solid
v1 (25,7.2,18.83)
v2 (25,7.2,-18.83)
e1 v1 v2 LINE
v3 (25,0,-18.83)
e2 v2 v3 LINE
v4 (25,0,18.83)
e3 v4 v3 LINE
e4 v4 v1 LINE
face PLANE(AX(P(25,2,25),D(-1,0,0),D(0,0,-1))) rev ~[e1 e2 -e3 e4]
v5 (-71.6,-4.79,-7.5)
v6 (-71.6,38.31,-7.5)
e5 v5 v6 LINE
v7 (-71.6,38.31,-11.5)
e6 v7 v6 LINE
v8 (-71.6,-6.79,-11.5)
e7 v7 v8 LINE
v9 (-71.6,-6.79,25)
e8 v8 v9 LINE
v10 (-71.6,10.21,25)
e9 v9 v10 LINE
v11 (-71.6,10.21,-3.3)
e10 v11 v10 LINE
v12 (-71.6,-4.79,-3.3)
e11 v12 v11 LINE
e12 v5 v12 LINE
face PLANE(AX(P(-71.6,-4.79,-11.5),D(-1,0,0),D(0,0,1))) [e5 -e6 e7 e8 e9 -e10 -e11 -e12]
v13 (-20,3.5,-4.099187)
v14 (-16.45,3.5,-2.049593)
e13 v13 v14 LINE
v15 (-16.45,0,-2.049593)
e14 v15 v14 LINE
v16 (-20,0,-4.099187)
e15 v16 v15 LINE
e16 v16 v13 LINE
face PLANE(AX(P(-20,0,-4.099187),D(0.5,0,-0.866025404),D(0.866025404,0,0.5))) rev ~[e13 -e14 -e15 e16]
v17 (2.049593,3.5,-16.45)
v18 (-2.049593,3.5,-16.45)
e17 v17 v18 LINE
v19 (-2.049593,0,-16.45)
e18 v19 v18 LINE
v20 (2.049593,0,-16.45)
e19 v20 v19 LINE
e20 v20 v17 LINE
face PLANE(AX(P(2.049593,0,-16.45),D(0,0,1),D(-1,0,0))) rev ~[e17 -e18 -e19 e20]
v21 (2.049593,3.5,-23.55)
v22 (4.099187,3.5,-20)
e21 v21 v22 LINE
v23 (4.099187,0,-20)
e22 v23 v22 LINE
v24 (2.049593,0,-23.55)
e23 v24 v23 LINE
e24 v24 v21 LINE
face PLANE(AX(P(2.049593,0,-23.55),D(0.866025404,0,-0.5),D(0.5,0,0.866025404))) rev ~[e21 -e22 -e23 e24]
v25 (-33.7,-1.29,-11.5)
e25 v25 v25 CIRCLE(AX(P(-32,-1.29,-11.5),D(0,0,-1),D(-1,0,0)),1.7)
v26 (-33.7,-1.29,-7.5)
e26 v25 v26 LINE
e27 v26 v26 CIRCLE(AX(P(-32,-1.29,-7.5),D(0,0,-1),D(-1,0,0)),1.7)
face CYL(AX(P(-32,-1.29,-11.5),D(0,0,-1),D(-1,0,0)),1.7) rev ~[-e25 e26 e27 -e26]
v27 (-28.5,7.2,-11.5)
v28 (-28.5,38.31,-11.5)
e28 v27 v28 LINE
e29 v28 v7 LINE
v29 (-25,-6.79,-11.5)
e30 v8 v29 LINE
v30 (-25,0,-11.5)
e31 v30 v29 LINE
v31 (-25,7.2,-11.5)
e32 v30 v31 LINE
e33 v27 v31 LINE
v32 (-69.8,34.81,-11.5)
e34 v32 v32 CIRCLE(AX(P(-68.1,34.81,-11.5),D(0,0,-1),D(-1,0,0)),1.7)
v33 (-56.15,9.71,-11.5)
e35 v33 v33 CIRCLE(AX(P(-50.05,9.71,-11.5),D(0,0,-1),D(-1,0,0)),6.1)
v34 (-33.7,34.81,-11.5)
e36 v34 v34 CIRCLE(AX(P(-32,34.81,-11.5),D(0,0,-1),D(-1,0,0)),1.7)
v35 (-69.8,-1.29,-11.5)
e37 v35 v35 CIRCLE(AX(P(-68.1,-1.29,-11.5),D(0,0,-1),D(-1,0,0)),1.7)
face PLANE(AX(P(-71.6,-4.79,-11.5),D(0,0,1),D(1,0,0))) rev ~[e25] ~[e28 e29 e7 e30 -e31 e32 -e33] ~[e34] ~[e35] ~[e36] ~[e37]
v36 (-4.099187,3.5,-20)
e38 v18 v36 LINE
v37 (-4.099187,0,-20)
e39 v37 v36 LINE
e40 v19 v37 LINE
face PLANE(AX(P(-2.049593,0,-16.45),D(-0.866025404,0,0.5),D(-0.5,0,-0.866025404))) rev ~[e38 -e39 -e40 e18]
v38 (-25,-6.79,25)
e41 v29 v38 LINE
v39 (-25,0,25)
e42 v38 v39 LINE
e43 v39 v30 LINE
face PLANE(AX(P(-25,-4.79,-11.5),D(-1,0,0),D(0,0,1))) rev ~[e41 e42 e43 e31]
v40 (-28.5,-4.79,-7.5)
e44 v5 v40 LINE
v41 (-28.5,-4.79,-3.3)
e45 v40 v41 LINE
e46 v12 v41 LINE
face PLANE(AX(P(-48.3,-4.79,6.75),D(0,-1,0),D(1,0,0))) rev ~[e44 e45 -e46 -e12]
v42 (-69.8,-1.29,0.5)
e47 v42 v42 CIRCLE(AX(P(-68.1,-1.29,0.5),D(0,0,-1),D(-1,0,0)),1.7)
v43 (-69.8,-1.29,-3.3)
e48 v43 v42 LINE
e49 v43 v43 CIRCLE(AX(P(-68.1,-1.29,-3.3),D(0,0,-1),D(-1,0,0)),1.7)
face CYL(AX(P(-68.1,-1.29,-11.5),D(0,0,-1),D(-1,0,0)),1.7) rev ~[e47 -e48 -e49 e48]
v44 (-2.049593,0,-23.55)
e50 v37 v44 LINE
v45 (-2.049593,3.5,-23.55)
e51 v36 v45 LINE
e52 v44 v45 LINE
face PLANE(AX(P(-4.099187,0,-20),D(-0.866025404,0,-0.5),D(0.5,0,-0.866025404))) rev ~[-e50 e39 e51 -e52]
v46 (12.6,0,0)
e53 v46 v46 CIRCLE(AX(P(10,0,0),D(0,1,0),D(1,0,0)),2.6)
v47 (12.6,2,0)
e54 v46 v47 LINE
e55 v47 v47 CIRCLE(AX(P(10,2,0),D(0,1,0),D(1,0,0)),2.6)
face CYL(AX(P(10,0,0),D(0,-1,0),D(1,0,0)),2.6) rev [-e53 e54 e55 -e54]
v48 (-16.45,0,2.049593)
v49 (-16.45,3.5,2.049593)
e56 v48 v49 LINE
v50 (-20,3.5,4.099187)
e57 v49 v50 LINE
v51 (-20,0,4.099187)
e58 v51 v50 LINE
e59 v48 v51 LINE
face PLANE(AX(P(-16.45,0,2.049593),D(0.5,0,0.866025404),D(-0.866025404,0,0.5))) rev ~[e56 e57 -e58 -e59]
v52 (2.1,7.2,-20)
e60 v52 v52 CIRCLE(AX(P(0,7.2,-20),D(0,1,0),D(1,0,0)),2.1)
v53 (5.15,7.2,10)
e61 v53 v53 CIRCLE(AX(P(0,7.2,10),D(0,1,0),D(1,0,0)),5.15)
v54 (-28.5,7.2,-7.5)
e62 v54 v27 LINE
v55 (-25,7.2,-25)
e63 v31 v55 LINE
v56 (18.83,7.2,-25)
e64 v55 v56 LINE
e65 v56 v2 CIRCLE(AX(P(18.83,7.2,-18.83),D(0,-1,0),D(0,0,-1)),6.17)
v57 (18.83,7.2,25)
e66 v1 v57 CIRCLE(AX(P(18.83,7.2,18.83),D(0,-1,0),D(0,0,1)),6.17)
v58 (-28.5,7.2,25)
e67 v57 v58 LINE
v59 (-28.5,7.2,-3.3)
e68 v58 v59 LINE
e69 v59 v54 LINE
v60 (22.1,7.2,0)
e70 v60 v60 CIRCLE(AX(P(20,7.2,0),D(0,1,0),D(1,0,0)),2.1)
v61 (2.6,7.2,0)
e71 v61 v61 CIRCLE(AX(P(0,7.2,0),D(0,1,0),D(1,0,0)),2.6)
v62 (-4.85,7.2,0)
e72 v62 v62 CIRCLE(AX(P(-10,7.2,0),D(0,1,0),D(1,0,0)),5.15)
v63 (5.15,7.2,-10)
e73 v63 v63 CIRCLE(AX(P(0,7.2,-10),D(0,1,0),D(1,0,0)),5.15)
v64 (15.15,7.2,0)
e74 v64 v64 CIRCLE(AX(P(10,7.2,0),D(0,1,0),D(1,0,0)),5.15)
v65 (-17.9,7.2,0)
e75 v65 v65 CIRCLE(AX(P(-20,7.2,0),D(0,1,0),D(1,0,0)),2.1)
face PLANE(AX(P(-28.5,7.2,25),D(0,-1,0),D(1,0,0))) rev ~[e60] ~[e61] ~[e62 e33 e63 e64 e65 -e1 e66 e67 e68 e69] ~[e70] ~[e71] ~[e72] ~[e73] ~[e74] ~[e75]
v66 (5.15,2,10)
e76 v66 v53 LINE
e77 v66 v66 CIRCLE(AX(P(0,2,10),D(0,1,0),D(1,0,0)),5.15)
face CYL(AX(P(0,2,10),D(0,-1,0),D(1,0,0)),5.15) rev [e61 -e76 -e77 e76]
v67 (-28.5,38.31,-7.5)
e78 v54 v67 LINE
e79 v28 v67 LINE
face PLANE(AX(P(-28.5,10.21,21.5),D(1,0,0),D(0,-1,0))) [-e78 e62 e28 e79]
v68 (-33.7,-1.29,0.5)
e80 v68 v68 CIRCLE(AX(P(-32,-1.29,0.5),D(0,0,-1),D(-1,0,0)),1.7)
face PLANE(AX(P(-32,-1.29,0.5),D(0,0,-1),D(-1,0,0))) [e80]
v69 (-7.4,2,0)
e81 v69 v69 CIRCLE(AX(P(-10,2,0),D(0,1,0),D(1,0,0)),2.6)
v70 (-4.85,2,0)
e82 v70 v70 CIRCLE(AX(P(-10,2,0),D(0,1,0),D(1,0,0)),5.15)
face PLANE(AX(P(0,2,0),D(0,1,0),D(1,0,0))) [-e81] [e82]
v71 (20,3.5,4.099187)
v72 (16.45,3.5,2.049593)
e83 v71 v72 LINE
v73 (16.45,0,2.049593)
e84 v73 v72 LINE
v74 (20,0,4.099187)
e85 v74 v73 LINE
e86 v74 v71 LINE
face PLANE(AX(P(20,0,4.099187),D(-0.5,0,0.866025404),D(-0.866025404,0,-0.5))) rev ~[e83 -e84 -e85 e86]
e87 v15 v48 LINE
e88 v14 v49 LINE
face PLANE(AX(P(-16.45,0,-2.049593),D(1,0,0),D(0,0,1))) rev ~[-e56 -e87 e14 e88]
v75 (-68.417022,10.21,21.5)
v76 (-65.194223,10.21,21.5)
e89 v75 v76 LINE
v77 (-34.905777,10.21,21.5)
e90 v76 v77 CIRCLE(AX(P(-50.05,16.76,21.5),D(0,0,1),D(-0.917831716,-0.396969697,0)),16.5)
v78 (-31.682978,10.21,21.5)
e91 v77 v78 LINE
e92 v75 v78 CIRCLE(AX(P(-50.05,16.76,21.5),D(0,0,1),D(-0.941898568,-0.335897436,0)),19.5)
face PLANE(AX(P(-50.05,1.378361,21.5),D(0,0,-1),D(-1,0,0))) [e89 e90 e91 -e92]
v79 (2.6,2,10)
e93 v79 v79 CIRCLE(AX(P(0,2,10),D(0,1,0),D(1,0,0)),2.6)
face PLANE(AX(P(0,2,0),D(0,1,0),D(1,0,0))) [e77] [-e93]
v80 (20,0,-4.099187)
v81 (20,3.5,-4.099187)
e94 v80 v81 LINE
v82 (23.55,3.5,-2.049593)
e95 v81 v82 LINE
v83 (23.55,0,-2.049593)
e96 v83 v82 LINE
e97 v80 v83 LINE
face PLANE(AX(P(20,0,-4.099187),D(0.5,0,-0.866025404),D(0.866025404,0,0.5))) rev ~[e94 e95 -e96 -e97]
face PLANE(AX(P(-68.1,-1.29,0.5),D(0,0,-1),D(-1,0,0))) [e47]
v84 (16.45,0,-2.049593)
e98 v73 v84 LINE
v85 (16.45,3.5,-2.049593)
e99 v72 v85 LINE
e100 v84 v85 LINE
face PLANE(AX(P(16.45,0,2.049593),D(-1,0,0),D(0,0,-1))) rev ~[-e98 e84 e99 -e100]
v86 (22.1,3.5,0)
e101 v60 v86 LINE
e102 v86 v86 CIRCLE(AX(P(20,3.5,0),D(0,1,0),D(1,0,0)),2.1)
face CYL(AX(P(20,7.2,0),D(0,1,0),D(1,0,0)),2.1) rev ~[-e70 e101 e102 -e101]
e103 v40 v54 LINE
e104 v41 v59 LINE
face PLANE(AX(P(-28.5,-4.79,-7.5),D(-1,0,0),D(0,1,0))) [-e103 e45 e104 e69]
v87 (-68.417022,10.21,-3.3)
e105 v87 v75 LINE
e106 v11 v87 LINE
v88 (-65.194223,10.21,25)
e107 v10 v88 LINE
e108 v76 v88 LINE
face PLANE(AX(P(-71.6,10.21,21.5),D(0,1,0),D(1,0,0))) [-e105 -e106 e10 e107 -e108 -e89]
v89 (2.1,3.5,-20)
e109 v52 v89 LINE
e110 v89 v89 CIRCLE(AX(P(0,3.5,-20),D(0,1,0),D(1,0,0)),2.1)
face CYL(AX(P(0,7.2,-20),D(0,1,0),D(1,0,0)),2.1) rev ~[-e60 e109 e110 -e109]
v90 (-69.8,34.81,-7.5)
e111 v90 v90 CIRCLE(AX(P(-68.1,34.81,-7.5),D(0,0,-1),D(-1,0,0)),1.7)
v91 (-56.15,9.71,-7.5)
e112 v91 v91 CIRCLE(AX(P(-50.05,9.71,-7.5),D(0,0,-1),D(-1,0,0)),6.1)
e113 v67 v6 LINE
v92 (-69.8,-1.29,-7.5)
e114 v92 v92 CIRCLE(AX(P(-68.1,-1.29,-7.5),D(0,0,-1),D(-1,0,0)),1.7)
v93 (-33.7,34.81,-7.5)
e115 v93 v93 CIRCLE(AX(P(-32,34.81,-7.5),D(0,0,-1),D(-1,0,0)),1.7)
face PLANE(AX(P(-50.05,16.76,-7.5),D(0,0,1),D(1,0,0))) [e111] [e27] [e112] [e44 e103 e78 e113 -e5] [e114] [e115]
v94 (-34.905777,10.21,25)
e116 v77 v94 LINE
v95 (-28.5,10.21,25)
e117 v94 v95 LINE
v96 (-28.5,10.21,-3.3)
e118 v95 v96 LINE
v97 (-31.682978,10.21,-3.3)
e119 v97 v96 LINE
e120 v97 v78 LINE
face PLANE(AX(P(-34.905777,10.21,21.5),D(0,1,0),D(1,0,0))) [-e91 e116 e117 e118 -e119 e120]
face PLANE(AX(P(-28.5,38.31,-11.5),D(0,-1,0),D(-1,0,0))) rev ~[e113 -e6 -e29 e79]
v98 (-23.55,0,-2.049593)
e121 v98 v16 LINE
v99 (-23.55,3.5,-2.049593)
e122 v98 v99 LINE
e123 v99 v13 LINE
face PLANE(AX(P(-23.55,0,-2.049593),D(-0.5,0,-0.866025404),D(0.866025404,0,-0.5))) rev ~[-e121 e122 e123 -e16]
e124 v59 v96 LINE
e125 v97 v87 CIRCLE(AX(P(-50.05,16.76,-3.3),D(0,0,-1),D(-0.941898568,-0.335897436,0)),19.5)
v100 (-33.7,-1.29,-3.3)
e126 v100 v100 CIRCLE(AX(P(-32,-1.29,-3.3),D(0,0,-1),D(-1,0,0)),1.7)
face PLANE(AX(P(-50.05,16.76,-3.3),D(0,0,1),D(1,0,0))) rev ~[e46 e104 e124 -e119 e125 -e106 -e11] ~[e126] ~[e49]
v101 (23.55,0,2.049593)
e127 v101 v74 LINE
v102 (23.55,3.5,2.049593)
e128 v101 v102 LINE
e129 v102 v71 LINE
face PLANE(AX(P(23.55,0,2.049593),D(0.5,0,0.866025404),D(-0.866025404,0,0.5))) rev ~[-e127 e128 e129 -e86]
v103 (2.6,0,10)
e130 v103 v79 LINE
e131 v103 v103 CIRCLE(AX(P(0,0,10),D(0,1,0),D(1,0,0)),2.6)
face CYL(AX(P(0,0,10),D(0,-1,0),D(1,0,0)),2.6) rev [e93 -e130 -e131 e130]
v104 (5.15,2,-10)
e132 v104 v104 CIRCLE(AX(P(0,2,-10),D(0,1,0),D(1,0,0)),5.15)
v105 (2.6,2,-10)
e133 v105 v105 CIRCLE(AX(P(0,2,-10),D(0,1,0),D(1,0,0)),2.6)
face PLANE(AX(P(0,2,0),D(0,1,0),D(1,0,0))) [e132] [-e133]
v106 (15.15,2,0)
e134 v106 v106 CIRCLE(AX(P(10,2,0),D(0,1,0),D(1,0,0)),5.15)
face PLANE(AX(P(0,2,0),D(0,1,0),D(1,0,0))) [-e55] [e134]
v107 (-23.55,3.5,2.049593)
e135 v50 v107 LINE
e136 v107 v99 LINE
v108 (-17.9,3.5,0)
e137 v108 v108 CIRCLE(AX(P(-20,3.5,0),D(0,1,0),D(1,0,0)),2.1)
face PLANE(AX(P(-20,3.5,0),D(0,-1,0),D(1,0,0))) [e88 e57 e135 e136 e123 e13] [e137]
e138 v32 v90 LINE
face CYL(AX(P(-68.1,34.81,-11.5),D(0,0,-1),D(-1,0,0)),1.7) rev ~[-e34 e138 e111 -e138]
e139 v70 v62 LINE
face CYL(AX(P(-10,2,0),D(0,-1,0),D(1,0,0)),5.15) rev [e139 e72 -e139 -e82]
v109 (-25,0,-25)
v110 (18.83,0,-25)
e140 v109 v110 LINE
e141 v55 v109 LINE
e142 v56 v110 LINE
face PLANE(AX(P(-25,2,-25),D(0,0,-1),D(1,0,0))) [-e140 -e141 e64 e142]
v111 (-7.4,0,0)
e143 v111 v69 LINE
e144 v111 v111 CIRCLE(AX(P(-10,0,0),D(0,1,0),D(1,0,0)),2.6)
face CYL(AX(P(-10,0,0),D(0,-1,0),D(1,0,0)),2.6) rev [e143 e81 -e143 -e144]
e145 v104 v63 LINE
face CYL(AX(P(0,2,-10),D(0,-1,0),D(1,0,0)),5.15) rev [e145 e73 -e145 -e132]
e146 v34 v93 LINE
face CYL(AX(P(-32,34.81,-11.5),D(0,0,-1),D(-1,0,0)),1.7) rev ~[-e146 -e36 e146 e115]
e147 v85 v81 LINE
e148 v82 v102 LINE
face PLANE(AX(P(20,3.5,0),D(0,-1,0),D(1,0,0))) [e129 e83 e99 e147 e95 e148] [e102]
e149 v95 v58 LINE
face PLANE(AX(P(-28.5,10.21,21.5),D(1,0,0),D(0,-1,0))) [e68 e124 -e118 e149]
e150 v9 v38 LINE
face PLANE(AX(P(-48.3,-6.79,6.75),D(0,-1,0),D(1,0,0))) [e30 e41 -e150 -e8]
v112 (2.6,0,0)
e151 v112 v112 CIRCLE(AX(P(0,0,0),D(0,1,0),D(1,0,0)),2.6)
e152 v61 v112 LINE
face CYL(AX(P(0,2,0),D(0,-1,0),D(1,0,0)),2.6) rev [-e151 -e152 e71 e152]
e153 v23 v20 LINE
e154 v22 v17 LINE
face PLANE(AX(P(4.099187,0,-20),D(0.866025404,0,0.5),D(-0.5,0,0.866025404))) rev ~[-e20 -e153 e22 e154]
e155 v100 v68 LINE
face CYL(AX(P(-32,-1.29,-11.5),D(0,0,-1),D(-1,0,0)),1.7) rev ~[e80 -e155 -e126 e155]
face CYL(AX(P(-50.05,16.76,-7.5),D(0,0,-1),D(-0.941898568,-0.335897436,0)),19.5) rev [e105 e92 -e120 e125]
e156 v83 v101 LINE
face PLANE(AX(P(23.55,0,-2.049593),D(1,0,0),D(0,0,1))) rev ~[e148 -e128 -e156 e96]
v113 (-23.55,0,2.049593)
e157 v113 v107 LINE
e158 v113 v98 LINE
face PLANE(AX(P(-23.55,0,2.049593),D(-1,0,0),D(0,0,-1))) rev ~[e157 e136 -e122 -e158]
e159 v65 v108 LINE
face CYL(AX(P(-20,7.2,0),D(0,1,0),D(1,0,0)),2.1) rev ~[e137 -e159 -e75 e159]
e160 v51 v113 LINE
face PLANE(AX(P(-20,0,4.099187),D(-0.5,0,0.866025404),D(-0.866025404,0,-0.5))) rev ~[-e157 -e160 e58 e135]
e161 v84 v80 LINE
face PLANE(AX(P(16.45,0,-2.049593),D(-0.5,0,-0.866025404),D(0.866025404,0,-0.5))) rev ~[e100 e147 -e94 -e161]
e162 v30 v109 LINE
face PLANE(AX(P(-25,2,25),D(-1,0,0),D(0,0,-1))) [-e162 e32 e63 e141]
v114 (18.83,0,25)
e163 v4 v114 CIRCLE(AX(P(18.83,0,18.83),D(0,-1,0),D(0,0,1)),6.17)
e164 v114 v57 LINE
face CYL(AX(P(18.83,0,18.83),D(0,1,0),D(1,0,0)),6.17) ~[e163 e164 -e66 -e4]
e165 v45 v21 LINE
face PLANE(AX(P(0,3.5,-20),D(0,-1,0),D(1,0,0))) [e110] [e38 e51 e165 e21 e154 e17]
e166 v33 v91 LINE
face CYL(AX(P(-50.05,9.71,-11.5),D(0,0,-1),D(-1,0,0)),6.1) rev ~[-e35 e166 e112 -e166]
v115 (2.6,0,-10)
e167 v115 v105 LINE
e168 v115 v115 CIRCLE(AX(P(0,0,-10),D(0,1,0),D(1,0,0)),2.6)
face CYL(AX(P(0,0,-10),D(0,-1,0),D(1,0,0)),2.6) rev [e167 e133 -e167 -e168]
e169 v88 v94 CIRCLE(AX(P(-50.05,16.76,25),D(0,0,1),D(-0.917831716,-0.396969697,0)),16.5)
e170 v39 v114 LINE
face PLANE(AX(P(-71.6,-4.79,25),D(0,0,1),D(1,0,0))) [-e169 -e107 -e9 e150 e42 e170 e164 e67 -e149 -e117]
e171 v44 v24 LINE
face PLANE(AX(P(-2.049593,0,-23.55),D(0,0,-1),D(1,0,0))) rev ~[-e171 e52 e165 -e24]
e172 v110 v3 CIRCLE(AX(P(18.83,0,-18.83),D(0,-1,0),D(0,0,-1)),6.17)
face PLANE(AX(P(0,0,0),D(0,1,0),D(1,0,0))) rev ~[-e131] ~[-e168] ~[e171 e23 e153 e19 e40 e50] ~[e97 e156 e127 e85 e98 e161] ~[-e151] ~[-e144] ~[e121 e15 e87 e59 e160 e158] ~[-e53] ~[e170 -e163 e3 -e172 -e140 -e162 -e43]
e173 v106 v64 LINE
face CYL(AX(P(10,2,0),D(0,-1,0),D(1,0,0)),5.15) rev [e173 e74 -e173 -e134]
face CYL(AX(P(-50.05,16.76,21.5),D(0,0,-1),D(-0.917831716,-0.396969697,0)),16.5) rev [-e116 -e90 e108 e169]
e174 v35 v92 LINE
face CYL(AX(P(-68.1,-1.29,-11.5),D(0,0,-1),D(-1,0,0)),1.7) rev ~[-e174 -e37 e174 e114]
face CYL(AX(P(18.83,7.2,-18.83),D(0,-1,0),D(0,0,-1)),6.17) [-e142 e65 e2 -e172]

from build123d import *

# Parameters (mm, degrees)
SKETCH_2_W          = 50
SKETCH_2_H          = 50
SKETCH_2_R          = 2.6
EXTRUDE_1_DEPTH     = 2
SKETCH_3_W          = 50
SKETCH_3_H          = 50
SKETCH_3_R          = 5.15
SKETCH_3_R_2        = 2.6
EXTRUDE_2_DEPTH     = 5.2
SKETCH_4_R          = 2.1
CUT_EXTRUDE_1_DEPTH = 10
CUT_EXTRUDE_2_DEPTH = 3.5
FILLET_1_R          = 6.17
FILLET_2_R          = 6.17
SKETCH_7_W          = 43.1
SKETCH_7_H          = 43.1
SKETCH_7_R          = 6.1
SKETCH_7_R_2        = 1.7
EXTRUDE_3_DEPTH     = 4
EXTRUDE_4_DEPTH     = 29
EXTRUDE_5_DEPTH     = 3.5
SKETCH_10_W         = 3.5
SKETCH_10_H         = 11.99
EXTRUDE_6_DEPTH     = 36.5
SKETCH_11_W         = 43.1
SKETCH_11_H         = 43.1
CUT_EXTRUDE_3_DEPTH = 4.2
SKETCH_12_W         = 46.6
SKETCH_12_H         = 36.5
EXTRUDE_7_DEPTH     = 2
SKETCH_13_R         = 1.7
CUT_EXTRUDE_4_DEPTH = 12


with BuildPart() as part:
    # 스케치2 → 보스-돌출1 (new body)
    with BuildSketch(Plane(origin=(0, 0, 0), x_dir=(1, 0, 0), z_dir=(0, 1, 0))):
        Rectangle(SKETCH_2_W, SKETCH_2_H)
        Circle(SKETCH_2_R, mode=Mode.SUBTRACT)
        with Locations((10, 0)):
            Circle(SKETCH_2_R, mode=Mode.SUBTRACT)
        with Locations((0, -10)):
            Circle(SKETCH_2_R, mode=Mode.SUBTRACT)
        with Locations((-10, 0)):
            Circle(SKETCH_2_R, mode=Mode.SUBTRACT)
        with Locations((0, 10)):
            Circle(SKETCH_2_R, mode=Mode.SUBTRACT)
    extrude(amount=EXTRUDE_1_DEPTH)

    # 스케치3 → 보스-돌출2 (add)
    with BuildSketch(Plane(origin=(0, 2, 0), x_dir=(1, 0, 0), z_dir=(0, 1, 0))):
        Rectangle(SKETCH_3_W, SKETCH_3_H)
        with Locations((0, -10)):
            Circle(SKETCH_3_R, mode=Mode.SUBTRACT)
        with Locations((-10, 0)):
            Circle(SKETCH_3_R, mode=Mode.SUBTRACT)
        Circle(SKETCH_3_R_2, mode=Mode.SUBTRACT)
        with Locations((10, 0)):
            Circle(SKETCH_3_R, mode=Mode.SUBTRACT)
        with Locations((0, 10)):
            Circle(SKETCH_3_R, mode=Mode.SUBTRACT)
    extrude(amount=EXTRUDE_2_DEPTH)

    # 스케치4 → 컷-돌출1 (cut)
    with BuildSketch(Plane(origin=(0, 7.2, 0), x_dir=(1, 0, 0), z_dir=(0, 1, 0))):
        with Locations((20, 0)):
            Circle(SKETCH_4_R)
        with Locations((0, 20)):
            Circle(SKETCH_4_R)
        with Locations((-20, 0)):
            Circle(SKETCH_4_R)
    extrude(amount=-CUT_EXTRUDE_1_DEPTH, mode=Mode.SUBTRACT)

    # 스케치6 → 컷-돌출2 (cut)
    with BuildSketch(Plane.XZ):
        Polygon((-16.45, -2.049593456), (-16.45, 2.049593456), (-20, 4.099186911), (-23.55, 2.049593456), (-23.55, -2.049593456), (-20, -4.099186911), align=None)
        Polygon((2.049593456, -16.45), (-2.049593456, -16.45), (-4.099186911, -20), (-2.049593456, -23.55), (2.049593456, -23.55), (4.099186911, -20), align=None)
        Polygon((16.45, 2.049593456), (16.45, -2.049593456), (20, -4.099186911), (23.55, -2.049593456), (23.55, 2.049593456), (20, 4.099186911), align=None)
    extrude(amount=-CUT_EXTRUDE_2_DEPTH, mode=Mode.SUBTRACT)

    # 필렛1
    fillet_1_edges = [part.edges().sort_by_distance(p)[0] for p in [
        (25, 3.6, -25),
    ]]
    fillet(fillet_1_edges, radius=FILLET_1_R)

    # 필렛2
    fillet_2_edges = [part.edges().sort_by_distance(p)[0] for p in [
        (25, 3.6, 25),
    ]]
    fillet(fillet_2_edges, radius=FILLET_2_R)



with BuildPart() as body_2:
    # 스케치7 → 보스-돌출3 (new body)
    with BuildSketch(Plane(origin=(0, 0, -11.5), x_dir=(-1, 0, 0), z_dir=(0, 0, -1))):
        with Locations((50.05, 16.76)):
            Rectangle(SKETCH_7_W, SKETCH_7_H)
        with Locations((50.05, 9.71)):
            Circle(SKETCH_7_R, mode=Mode.SUBTRACT)
        with Locations((68.1, 34.81)):
            Circle(SKETCH_7_R_2, mode=Mode.SUBTRACT)
        with Locations((68.1, -1.29)):
            Circle(SKETCH_7_R_2, mode=Mode.SUBTRACT)
        with Locations((32, -1.29)):
            Circle(SKETCH_7_R_2, mode=Mode.SUBTRACT)
        with Locations((32, 34.81)):
            Circle(SKETCH_7_R_2, mode=Mode.SUBTRACT)
    extrude(amount=-EXTRUDE_3_DEPTH)

    # 스케치8 → 보스-돌출4 (add)
    with BuildSketch(Plane.XY.offset(-7.5)):
        with BuildLine():
            Line((-71.6, 10.21), (-68.417022078, 10.21))
            ThreePointArc((-68.417022078, 10.21), (-50.05, -2.74), (-31.682977922, 10.21))
            Line((-31.682977922, 10.21), (-28.5, 10.21))
            Line((-28.5, 10.21), (-28.5, -4.79))
            Line((-28.5, -4.79), (-71.6, -4.79))
            Line((-71.6, -4.79), (-71.6, 10.21))
        make_face()
    extrude(amount=EXTRUDE_4_DEPTH)

    # 스케치9 → 보스-돌출5 (add)
    with BuildSketch(Plane.XY.offset(21.5)):
        with BuildLine():
            Line((-34.905776679, 10.21), (-28.5, 10.21))
            Line((-28.5, 10.21), (-28.5, -4.79))
            Line((-28.5, -4.79), (-71.6, -4.79))
            Line((-71.6, -4.79), (-71.6, 10.21))
            Line((-71.6, 10.21), (-65.194223321, 10.21))
            ThreePointArc((-65.194223321, 10.21), (-50.05, 0.26), (-34.905776679, 10.21))
        make_face()
    extrude(amount=EXTRUDE_5_DEPTH)


with BuildPart() as part_1:
    add(part.part)

    add(body_2.part)  # 보스-돌출6 merges body 2
    # 스케치10 → 보스-돌출6 (add)
    with BuildSketch(Plane.XY.offset(25)):
        with Locations((-26.75, 1.205)):
            Rectangle(SKETCH_10_W, SKETCH_10_H)
    extrude(amount=-EXTRUDE_6_DEPTH)

    # 스케치11 → 컷-돌출3 (cut)
    with BuildSketch(Plane.XY.offset(-7.5)):
        with Locations((-50.05, 16.76)):
            Rectangle(SKETCH_11_W, SKETCH_11_H)
    extrude(amount=CUT_EXTRUDE_3_DEPTH, mode=Mode.SUBTRACT)

    # 스케치12 → 보스-돌출7 (add)
    with BuildSketch(Plane.XZ.offset(4.79)):
        with Locations((-48.3, 6.75)):
            Rectangle(SKETCH_12_W, SKETCH_12_H)
    extrude(amount=EXTRUDE_7_DEPTH)

    # 스케치13 → 컷-돌출4 (cut)
    with BuildSketch(Plane(origin=(0, 0, -11.5), x_dir=(-1, 0, 0), z_dir=(0, 0, -1))):
        with Locations((68.1, 34.81)):
            Circle(SKETCH_13_R)
        with Locations((68.1, -1.29)):
            Circle(SKETCH_13_R)
        with Locations((32, -1.29)):
            Circle(SKETCH_13_R)
        with Locations((32, 34.81)):
            Circle(SKETCH_13_R)
    extrude(amount=-CUT_EXTRUDE_4_DEPTH, mode=Mode.SUBTRACT)


solid = part_1.part
